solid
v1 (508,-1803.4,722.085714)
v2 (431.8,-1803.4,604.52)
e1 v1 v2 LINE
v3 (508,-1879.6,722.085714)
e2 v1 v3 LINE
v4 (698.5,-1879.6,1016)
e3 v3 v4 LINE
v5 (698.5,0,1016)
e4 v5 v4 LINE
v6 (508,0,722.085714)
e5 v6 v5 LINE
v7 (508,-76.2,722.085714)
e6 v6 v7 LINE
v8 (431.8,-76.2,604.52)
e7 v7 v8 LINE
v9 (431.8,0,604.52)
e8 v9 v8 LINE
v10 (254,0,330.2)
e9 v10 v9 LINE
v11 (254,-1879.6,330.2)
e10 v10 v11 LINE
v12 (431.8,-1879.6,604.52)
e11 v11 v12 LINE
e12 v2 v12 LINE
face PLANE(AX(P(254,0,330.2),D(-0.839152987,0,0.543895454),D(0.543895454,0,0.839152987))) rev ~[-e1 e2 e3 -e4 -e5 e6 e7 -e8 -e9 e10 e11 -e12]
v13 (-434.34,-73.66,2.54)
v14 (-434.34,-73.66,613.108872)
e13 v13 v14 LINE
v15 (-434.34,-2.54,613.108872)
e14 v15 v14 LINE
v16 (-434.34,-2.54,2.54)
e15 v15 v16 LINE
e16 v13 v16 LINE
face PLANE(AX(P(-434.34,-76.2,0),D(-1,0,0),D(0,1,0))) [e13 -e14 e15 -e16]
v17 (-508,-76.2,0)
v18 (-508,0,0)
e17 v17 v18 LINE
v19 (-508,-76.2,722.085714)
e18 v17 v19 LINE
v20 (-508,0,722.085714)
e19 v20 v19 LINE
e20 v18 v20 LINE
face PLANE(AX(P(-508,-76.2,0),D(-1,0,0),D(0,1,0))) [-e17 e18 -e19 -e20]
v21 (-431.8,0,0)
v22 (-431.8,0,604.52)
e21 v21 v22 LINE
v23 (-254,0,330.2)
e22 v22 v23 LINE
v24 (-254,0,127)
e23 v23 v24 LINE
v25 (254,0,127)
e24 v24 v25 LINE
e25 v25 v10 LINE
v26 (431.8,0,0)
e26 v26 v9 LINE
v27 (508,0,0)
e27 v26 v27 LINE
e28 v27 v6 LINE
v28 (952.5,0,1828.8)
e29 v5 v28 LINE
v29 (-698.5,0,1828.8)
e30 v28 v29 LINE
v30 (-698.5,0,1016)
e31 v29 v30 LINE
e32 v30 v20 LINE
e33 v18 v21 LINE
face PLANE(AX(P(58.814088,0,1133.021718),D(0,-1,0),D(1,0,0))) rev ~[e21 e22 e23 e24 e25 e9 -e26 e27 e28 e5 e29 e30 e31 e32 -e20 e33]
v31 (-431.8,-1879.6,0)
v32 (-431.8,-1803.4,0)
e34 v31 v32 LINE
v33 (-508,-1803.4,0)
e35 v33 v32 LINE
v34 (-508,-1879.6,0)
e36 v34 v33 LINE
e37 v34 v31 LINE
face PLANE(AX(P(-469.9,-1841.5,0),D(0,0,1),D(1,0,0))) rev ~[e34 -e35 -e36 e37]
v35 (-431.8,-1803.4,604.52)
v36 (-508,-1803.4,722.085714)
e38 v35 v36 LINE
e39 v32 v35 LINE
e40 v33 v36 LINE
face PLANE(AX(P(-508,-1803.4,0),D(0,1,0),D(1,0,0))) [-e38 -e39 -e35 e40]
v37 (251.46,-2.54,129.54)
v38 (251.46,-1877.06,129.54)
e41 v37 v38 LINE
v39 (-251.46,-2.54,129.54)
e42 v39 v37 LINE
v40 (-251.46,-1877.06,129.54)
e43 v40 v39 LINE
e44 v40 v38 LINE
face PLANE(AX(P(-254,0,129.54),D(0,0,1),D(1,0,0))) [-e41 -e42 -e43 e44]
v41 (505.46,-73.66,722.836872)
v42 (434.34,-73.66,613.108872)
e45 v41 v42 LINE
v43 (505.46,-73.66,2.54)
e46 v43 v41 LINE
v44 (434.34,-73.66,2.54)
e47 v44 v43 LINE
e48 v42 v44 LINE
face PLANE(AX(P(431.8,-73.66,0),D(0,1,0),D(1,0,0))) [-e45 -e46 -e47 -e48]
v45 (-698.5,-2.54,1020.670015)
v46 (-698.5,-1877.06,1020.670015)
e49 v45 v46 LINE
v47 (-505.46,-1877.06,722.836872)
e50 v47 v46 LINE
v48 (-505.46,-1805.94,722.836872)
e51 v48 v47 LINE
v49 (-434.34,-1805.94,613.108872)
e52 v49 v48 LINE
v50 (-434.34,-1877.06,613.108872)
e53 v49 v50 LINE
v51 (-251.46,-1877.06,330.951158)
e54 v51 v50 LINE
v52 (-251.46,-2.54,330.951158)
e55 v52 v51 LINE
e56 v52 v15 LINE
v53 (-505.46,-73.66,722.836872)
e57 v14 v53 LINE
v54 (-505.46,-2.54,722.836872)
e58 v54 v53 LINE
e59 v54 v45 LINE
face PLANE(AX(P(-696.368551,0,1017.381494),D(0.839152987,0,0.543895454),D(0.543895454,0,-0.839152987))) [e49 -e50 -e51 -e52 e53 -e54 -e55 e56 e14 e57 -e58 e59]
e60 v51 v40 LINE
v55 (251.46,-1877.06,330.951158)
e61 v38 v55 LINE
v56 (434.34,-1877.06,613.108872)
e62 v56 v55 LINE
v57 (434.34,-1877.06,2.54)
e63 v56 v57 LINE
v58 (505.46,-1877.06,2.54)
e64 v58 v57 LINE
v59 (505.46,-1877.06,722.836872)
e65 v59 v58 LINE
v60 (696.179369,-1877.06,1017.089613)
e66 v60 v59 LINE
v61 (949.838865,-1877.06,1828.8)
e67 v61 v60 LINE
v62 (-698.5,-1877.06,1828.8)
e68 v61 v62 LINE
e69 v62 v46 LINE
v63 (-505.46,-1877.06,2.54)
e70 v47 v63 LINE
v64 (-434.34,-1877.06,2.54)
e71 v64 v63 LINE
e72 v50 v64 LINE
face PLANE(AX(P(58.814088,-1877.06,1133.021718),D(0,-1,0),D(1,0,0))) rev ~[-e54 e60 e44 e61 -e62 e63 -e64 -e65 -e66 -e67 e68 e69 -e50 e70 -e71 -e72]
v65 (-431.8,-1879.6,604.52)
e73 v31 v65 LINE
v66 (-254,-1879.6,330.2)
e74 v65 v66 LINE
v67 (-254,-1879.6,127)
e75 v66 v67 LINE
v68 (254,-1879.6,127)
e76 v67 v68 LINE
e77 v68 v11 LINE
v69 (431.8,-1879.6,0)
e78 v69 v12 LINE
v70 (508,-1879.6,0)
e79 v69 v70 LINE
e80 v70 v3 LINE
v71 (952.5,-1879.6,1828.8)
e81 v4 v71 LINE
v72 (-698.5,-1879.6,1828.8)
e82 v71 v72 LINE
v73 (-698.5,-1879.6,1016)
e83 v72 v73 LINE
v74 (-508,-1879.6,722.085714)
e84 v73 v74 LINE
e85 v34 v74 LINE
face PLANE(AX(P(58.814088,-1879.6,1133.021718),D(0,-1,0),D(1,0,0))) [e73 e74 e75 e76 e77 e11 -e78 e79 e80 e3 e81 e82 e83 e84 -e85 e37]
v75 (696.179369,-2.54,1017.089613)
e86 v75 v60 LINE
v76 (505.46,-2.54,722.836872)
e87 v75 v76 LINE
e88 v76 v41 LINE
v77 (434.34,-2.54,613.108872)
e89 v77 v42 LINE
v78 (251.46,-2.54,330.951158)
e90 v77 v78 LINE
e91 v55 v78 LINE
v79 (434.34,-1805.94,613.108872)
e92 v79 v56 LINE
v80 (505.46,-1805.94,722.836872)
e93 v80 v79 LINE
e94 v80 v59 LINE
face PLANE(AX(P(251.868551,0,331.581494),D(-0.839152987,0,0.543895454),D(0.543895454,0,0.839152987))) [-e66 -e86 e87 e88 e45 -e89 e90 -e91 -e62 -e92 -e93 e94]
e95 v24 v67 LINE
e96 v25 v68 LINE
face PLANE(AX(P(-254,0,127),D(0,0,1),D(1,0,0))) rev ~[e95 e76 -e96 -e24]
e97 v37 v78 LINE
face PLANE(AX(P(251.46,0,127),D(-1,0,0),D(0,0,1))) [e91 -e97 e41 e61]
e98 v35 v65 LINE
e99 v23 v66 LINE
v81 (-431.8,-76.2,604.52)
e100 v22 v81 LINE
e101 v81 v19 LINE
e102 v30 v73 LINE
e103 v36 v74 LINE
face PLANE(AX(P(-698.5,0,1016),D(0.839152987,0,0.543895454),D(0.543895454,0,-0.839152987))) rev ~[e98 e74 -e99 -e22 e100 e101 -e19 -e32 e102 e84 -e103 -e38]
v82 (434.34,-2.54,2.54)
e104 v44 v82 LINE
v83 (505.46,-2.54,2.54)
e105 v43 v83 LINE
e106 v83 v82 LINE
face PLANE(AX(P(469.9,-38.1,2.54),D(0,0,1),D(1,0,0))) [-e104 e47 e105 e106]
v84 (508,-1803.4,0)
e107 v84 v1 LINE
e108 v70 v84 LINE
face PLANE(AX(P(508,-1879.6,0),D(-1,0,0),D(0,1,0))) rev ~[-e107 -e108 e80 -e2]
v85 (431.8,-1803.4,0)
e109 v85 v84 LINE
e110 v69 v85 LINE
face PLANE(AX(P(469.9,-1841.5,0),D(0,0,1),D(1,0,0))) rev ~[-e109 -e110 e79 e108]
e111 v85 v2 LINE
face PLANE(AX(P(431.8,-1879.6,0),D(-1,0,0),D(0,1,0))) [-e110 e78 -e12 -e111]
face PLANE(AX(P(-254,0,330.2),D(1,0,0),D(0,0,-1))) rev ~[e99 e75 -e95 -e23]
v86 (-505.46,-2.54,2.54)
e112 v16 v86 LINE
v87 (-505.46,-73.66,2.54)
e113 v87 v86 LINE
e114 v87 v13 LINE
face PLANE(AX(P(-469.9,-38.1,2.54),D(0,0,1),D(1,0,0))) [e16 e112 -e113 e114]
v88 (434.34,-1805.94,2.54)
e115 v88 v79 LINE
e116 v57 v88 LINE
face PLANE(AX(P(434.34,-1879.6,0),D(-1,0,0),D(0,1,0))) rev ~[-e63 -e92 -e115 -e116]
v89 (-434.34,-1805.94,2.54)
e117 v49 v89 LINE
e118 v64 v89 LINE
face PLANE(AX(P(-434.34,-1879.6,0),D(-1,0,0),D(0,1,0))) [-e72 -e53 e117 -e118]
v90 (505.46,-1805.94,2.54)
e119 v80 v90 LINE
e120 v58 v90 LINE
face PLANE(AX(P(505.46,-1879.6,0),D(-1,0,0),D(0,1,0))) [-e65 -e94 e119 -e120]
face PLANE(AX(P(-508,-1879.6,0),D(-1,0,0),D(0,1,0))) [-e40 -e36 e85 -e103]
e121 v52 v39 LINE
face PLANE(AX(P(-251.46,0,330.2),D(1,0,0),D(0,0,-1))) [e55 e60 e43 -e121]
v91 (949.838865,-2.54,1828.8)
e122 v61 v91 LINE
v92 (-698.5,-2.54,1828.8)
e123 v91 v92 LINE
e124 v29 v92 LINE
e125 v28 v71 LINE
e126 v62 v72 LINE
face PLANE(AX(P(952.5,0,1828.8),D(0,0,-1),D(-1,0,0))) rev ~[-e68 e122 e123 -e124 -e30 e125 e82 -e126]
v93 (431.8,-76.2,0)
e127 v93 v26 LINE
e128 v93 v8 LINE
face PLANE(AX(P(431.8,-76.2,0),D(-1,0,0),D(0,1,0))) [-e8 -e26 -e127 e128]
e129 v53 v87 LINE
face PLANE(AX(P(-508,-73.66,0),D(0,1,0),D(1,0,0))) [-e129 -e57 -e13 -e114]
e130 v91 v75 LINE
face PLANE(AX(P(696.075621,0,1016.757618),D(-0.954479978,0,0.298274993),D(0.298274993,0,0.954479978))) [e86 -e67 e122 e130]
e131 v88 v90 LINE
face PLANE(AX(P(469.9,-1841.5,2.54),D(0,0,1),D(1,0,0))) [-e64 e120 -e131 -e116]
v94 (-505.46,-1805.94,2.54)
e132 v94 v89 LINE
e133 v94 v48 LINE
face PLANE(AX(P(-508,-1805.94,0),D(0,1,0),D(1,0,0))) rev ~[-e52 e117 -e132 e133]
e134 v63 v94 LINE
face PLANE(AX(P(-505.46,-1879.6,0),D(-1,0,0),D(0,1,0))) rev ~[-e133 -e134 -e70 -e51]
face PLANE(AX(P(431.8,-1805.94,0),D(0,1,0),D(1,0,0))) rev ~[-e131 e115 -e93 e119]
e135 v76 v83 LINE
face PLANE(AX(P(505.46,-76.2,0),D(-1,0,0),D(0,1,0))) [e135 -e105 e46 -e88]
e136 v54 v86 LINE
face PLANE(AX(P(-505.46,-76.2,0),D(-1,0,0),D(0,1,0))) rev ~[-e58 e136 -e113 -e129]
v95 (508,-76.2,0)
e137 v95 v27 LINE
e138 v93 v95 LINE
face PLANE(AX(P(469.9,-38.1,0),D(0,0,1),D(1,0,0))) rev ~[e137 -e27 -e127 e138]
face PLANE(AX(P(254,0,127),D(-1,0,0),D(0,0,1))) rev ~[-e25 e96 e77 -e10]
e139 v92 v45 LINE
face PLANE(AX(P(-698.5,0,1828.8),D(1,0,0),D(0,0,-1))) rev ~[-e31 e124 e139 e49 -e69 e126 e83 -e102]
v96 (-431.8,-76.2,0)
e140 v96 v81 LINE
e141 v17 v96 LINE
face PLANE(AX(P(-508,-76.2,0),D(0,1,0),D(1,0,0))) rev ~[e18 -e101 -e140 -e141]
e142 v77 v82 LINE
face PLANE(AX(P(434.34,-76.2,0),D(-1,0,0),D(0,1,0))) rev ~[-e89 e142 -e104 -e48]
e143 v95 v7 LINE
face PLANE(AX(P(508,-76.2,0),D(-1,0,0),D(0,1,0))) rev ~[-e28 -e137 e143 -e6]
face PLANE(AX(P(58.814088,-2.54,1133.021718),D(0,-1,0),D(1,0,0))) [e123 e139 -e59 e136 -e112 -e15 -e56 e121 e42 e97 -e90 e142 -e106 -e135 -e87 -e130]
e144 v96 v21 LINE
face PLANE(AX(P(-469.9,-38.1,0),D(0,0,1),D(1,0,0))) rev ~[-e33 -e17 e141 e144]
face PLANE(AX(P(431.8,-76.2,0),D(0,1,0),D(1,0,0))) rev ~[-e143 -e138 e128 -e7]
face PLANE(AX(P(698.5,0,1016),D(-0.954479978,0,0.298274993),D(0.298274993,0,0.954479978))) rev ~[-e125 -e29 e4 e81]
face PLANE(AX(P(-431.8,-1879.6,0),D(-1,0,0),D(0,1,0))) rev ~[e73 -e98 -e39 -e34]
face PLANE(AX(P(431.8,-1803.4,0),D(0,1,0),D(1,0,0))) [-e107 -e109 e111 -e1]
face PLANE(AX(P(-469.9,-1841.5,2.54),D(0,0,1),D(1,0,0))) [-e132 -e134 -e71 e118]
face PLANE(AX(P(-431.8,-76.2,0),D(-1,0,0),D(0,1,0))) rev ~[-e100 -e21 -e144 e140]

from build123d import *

# Parameters (mm, degrees)
F1_DEPTH = 1879.6
F2_W     = 76.2
F2_H     = 76.2
F4_T     = -2.54


with BuildPart() as f1:
    # F0 (on Front) → F1 (new body)
    with BuildSketch(Plane.XZ):
        Polygon((-254, 127), (0, 127), (254, 127), (254, 330.2), (698.5, 1016), (952.5, 1828.8), (0, 1828.8), (-698.5, 1828.8), (-698.5, 1016), (-254, 330.2), align=None)
    extrude(amount=F1_DEPTH)

    # F2 (on Top) → F3 (join, up to the next surface of F1)
    with BuildSketch(Plane.XY):
        with Locations((-469.9, -1841.5)):
            Rectangle(F2_W, F2_H)
        with Locations((469.9, -1841.5)):
            Rectangle(F2_W, F2_H)
        with Locations((-469.9, -38.1)):
            Rectangle(F2_W, F2_H)
        with Locations((469.9, -38.1)):
            Rectangle(F2_W, F2_H)
    extrude(until=Until.NEXT)

    # F4
    f4_openings = [f1.faces().sort_by_distance(p)[0] for p in [
        (127, -939.8, 1828.8),
        (-698.5, -939.8, 1422.4),
    ]]
    offset(amount=F4_T, openings=f4_openings, kind=Kind.INTERSECTION)


solid = f1.part
